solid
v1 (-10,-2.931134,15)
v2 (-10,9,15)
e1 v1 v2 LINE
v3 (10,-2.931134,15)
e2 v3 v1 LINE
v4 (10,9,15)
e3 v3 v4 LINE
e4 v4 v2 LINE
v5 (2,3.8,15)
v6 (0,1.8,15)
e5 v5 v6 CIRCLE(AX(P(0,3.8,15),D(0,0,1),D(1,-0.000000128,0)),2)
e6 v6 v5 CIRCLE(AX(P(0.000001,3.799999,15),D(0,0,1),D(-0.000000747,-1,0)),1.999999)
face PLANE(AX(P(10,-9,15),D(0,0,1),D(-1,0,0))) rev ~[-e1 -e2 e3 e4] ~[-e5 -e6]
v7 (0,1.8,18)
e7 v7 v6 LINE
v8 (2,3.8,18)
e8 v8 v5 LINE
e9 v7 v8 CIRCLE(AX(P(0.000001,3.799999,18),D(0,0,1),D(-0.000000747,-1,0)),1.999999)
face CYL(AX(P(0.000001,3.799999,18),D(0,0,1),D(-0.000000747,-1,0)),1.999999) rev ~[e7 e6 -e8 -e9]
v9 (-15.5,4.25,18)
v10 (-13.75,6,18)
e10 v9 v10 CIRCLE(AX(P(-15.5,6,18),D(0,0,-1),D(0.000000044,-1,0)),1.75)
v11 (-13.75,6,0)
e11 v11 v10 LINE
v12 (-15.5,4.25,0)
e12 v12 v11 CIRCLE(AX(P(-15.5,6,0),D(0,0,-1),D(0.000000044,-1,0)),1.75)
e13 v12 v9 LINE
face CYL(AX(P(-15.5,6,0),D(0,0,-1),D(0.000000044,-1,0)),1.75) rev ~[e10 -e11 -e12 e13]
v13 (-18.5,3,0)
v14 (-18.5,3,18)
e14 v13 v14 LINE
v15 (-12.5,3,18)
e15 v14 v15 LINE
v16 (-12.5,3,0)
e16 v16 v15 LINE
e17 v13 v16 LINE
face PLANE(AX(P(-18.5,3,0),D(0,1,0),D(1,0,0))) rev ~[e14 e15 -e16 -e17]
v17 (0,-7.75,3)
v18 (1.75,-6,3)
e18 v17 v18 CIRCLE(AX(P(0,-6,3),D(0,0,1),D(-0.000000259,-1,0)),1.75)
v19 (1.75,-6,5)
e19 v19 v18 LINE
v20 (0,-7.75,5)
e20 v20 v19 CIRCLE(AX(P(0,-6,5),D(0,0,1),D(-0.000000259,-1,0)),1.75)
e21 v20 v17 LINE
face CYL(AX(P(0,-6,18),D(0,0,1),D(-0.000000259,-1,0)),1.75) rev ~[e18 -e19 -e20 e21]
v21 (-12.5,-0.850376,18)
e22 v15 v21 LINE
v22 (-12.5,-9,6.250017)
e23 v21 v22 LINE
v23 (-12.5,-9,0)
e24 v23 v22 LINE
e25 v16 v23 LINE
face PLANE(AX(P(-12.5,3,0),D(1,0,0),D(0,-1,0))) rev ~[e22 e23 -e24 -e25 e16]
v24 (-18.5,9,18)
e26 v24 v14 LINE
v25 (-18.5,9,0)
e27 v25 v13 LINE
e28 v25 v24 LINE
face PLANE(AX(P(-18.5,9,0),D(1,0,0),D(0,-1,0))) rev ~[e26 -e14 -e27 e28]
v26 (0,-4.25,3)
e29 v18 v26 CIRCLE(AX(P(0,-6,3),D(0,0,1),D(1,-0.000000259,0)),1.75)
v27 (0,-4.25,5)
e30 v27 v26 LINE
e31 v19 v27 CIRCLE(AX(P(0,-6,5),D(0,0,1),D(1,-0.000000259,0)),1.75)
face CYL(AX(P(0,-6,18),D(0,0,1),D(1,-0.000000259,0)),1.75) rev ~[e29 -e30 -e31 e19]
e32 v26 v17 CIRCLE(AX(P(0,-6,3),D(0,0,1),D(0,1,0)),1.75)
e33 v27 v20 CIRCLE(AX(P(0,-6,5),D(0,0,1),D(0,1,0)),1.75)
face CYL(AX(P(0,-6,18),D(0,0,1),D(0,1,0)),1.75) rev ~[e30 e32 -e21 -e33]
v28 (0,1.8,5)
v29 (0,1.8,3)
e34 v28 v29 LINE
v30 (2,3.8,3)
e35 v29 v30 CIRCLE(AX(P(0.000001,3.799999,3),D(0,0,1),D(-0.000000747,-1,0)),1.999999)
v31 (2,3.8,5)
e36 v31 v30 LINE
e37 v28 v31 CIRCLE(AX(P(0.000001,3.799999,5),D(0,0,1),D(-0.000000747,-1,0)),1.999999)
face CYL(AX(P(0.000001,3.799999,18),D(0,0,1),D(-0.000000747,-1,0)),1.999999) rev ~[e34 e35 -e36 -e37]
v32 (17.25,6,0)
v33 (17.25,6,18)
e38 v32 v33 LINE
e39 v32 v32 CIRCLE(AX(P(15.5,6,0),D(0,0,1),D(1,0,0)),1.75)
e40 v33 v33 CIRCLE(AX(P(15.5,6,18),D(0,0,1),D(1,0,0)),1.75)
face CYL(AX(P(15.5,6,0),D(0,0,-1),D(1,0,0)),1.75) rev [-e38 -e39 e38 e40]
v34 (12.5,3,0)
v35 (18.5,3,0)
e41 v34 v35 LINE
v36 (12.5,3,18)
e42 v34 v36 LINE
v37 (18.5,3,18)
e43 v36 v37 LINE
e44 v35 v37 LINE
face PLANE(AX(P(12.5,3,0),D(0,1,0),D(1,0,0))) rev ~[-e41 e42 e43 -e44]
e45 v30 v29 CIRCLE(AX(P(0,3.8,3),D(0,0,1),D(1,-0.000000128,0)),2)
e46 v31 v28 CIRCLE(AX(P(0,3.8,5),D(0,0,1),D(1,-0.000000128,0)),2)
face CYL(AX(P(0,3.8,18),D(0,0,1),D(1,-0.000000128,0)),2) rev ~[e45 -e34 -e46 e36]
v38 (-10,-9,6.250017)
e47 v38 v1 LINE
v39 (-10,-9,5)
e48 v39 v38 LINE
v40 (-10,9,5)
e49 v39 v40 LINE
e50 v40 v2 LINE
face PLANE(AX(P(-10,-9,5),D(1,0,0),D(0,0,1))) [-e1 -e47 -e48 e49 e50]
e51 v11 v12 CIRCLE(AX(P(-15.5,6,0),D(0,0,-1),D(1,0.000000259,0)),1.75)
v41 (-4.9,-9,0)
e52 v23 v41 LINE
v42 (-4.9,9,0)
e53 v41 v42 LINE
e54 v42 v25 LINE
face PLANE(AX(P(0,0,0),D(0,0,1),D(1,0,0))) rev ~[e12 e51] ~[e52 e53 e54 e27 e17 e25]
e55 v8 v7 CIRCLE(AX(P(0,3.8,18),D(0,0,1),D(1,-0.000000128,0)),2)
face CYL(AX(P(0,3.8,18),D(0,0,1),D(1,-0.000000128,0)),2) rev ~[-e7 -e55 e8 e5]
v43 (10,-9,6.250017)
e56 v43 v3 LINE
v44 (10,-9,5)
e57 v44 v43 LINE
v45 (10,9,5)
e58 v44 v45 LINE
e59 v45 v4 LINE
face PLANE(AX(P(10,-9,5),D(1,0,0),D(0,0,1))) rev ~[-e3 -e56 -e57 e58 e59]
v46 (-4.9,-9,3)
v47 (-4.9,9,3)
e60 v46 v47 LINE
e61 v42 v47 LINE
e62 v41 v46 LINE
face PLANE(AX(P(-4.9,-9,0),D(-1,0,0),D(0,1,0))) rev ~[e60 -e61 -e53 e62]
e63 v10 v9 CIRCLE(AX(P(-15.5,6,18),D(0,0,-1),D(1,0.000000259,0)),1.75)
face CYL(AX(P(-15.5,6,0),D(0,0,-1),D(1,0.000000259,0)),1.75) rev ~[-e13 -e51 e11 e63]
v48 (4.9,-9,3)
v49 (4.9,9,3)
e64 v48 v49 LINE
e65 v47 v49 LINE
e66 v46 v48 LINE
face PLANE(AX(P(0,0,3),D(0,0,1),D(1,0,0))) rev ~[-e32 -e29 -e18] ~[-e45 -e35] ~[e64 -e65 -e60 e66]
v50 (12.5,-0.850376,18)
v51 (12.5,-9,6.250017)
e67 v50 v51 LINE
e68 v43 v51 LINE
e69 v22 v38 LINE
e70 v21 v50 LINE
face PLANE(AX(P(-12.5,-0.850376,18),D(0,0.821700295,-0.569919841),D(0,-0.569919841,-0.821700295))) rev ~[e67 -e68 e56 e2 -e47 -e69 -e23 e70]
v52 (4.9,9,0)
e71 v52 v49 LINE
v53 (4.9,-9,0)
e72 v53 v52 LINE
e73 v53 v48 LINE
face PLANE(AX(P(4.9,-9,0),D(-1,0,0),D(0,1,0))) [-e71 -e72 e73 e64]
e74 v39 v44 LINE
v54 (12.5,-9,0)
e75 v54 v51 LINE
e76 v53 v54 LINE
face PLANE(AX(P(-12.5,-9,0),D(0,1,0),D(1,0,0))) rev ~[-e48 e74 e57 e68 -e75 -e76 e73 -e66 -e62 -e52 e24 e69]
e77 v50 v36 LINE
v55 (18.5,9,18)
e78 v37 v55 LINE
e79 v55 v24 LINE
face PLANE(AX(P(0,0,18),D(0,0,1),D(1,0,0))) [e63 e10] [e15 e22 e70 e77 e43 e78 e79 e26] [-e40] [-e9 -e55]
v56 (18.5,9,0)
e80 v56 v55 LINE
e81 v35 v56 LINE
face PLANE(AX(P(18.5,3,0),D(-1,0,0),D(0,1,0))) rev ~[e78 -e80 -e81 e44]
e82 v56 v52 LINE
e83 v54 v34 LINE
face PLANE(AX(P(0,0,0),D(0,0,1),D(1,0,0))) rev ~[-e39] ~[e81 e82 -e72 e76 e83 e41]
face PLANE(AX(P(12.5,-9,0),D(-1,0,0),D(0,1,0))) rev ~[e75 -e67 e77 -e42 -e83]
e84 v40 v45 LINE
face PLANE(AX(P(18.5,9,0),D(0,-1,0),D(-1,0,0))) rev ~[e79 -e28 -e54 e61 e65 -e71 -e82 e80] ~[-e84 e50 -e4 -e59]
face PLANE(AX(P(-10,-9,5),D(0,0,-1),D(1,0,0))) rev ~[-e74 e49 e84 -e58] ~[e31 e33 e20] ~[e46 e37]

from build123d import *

# Parameters (mm, degrees)
F0_W     = 6
F0_H     = 6
F0_R     = 1.75
F2_DEPTH = 18
F1_W     = 9.8
F1_H     = 18
F3_DEPTH = 3
F4_W     = 10
F4_H     = 10
F5_DEPTH = 20
F8_DEPTH = 25
F9_DEPTH = 25


with BuildPart() as f2:
    # F0 (on Top) → F2 (new body)
    with BuildSketch(Plane.XY):
        Polygon((12.5, 9), (-12.5, 9), (-12.5, 3), (-12.5, -9), (12.5, -9), (12.5, 3), align=None)
        with BuildLine():
            ThreePointArc((-13.75, 6), (-16.737437, 7.237437), (-15.5, 4.25))
            ThreePointArc((-15.5, 4.25), (-14.262563, 4.762563), (-13.75, 6))
        make_face()
        Polygon((-12.5, 3), (-12.5, 9), (-18.5, 9), (-18.5, 3), (-15.5, 3), align=None)
        with BuildLine():
            ThreePointArc((-13.75, 6), (-14.262563, 4.762563), (-15.5, 4.25))
            ThreePointArc((-15.5, 4.25), (-16.737437, 7.237437), (-13.75, 6))
        make_face(mode=Mode.SUBTRACT)
        with Locations((15.5, 6)):
            Rectangle(F0_W, F0_H)
        with Locations((15.5, 6)):
            Circle(F0_R, mode=Mode.SUBTRACT)
    extrude(amount=F2_DEPTH)

    # F1 (on face) → F3 (cut)
    with BuildSketch(Plane.XY):
        Rectangle(F1_W, F1_H)
    extrude(amount=F3_DEPTH, mode=Mode.SUBTRACT)

    # F4 (on face) → F5 (cut)
    with BuildSketch(Plane.XZ.offset(9)):
        with Locations((5, 10)):
            Rectangle(F4_W, F4_H)
        with Locations((-5, 10)):
            Rectangle(F4_W, F4_H)
    extrude(amount=-F5_DEPTH, mode=Mode.SUBTRACT)

    # F7 (on face) → F8 (cut)
    with BuildSketch(Plane(origin=(-12.5, 0, 0), x_dir=(0, -1, 0), z_dir=(-1, 0, 0))):
        Polygon((0.850376, 18), (9, 6.250017), (9, 18), align=None)
    extrude(amount=-F8_DEPTH, mode=Mode.SUBTRACT)

    # F6 (on face) → F9 (cut)
    with BuildSketch(Plane.XY.offset(18)):
        with BuildLine():
            ThreePointArc((2, 3.8), (-1.414214, 5.214214), (0, 1.8))
            ThreePointArc((0, 1.8), (1.414214, 2.385786), (2, 3.8))
        make_face()
        with BuildLine():
            ThreePointArc((0, -4.25), (-1.75, -6), (0, -7.75))
            Line((0, -7.75), (0, -6))
            Line((0, -6), (0, -4.25))
        make_face()
        with BuildLine():
            Line((0, -6), (0, -7.75))
            ThreePointArc((0, -7.75), (1.237437, -7.237437), (1.75, -6))
            ThreePointArc((1.75, -6), (1.237437, -4.762563), (0, -4.25))
            Line((0, -4.25), (0, -6))
        make_face()
    extrude(amount=-F9_DEPTH, mode=Mode.SUBTRACT)


solid = f2.part
